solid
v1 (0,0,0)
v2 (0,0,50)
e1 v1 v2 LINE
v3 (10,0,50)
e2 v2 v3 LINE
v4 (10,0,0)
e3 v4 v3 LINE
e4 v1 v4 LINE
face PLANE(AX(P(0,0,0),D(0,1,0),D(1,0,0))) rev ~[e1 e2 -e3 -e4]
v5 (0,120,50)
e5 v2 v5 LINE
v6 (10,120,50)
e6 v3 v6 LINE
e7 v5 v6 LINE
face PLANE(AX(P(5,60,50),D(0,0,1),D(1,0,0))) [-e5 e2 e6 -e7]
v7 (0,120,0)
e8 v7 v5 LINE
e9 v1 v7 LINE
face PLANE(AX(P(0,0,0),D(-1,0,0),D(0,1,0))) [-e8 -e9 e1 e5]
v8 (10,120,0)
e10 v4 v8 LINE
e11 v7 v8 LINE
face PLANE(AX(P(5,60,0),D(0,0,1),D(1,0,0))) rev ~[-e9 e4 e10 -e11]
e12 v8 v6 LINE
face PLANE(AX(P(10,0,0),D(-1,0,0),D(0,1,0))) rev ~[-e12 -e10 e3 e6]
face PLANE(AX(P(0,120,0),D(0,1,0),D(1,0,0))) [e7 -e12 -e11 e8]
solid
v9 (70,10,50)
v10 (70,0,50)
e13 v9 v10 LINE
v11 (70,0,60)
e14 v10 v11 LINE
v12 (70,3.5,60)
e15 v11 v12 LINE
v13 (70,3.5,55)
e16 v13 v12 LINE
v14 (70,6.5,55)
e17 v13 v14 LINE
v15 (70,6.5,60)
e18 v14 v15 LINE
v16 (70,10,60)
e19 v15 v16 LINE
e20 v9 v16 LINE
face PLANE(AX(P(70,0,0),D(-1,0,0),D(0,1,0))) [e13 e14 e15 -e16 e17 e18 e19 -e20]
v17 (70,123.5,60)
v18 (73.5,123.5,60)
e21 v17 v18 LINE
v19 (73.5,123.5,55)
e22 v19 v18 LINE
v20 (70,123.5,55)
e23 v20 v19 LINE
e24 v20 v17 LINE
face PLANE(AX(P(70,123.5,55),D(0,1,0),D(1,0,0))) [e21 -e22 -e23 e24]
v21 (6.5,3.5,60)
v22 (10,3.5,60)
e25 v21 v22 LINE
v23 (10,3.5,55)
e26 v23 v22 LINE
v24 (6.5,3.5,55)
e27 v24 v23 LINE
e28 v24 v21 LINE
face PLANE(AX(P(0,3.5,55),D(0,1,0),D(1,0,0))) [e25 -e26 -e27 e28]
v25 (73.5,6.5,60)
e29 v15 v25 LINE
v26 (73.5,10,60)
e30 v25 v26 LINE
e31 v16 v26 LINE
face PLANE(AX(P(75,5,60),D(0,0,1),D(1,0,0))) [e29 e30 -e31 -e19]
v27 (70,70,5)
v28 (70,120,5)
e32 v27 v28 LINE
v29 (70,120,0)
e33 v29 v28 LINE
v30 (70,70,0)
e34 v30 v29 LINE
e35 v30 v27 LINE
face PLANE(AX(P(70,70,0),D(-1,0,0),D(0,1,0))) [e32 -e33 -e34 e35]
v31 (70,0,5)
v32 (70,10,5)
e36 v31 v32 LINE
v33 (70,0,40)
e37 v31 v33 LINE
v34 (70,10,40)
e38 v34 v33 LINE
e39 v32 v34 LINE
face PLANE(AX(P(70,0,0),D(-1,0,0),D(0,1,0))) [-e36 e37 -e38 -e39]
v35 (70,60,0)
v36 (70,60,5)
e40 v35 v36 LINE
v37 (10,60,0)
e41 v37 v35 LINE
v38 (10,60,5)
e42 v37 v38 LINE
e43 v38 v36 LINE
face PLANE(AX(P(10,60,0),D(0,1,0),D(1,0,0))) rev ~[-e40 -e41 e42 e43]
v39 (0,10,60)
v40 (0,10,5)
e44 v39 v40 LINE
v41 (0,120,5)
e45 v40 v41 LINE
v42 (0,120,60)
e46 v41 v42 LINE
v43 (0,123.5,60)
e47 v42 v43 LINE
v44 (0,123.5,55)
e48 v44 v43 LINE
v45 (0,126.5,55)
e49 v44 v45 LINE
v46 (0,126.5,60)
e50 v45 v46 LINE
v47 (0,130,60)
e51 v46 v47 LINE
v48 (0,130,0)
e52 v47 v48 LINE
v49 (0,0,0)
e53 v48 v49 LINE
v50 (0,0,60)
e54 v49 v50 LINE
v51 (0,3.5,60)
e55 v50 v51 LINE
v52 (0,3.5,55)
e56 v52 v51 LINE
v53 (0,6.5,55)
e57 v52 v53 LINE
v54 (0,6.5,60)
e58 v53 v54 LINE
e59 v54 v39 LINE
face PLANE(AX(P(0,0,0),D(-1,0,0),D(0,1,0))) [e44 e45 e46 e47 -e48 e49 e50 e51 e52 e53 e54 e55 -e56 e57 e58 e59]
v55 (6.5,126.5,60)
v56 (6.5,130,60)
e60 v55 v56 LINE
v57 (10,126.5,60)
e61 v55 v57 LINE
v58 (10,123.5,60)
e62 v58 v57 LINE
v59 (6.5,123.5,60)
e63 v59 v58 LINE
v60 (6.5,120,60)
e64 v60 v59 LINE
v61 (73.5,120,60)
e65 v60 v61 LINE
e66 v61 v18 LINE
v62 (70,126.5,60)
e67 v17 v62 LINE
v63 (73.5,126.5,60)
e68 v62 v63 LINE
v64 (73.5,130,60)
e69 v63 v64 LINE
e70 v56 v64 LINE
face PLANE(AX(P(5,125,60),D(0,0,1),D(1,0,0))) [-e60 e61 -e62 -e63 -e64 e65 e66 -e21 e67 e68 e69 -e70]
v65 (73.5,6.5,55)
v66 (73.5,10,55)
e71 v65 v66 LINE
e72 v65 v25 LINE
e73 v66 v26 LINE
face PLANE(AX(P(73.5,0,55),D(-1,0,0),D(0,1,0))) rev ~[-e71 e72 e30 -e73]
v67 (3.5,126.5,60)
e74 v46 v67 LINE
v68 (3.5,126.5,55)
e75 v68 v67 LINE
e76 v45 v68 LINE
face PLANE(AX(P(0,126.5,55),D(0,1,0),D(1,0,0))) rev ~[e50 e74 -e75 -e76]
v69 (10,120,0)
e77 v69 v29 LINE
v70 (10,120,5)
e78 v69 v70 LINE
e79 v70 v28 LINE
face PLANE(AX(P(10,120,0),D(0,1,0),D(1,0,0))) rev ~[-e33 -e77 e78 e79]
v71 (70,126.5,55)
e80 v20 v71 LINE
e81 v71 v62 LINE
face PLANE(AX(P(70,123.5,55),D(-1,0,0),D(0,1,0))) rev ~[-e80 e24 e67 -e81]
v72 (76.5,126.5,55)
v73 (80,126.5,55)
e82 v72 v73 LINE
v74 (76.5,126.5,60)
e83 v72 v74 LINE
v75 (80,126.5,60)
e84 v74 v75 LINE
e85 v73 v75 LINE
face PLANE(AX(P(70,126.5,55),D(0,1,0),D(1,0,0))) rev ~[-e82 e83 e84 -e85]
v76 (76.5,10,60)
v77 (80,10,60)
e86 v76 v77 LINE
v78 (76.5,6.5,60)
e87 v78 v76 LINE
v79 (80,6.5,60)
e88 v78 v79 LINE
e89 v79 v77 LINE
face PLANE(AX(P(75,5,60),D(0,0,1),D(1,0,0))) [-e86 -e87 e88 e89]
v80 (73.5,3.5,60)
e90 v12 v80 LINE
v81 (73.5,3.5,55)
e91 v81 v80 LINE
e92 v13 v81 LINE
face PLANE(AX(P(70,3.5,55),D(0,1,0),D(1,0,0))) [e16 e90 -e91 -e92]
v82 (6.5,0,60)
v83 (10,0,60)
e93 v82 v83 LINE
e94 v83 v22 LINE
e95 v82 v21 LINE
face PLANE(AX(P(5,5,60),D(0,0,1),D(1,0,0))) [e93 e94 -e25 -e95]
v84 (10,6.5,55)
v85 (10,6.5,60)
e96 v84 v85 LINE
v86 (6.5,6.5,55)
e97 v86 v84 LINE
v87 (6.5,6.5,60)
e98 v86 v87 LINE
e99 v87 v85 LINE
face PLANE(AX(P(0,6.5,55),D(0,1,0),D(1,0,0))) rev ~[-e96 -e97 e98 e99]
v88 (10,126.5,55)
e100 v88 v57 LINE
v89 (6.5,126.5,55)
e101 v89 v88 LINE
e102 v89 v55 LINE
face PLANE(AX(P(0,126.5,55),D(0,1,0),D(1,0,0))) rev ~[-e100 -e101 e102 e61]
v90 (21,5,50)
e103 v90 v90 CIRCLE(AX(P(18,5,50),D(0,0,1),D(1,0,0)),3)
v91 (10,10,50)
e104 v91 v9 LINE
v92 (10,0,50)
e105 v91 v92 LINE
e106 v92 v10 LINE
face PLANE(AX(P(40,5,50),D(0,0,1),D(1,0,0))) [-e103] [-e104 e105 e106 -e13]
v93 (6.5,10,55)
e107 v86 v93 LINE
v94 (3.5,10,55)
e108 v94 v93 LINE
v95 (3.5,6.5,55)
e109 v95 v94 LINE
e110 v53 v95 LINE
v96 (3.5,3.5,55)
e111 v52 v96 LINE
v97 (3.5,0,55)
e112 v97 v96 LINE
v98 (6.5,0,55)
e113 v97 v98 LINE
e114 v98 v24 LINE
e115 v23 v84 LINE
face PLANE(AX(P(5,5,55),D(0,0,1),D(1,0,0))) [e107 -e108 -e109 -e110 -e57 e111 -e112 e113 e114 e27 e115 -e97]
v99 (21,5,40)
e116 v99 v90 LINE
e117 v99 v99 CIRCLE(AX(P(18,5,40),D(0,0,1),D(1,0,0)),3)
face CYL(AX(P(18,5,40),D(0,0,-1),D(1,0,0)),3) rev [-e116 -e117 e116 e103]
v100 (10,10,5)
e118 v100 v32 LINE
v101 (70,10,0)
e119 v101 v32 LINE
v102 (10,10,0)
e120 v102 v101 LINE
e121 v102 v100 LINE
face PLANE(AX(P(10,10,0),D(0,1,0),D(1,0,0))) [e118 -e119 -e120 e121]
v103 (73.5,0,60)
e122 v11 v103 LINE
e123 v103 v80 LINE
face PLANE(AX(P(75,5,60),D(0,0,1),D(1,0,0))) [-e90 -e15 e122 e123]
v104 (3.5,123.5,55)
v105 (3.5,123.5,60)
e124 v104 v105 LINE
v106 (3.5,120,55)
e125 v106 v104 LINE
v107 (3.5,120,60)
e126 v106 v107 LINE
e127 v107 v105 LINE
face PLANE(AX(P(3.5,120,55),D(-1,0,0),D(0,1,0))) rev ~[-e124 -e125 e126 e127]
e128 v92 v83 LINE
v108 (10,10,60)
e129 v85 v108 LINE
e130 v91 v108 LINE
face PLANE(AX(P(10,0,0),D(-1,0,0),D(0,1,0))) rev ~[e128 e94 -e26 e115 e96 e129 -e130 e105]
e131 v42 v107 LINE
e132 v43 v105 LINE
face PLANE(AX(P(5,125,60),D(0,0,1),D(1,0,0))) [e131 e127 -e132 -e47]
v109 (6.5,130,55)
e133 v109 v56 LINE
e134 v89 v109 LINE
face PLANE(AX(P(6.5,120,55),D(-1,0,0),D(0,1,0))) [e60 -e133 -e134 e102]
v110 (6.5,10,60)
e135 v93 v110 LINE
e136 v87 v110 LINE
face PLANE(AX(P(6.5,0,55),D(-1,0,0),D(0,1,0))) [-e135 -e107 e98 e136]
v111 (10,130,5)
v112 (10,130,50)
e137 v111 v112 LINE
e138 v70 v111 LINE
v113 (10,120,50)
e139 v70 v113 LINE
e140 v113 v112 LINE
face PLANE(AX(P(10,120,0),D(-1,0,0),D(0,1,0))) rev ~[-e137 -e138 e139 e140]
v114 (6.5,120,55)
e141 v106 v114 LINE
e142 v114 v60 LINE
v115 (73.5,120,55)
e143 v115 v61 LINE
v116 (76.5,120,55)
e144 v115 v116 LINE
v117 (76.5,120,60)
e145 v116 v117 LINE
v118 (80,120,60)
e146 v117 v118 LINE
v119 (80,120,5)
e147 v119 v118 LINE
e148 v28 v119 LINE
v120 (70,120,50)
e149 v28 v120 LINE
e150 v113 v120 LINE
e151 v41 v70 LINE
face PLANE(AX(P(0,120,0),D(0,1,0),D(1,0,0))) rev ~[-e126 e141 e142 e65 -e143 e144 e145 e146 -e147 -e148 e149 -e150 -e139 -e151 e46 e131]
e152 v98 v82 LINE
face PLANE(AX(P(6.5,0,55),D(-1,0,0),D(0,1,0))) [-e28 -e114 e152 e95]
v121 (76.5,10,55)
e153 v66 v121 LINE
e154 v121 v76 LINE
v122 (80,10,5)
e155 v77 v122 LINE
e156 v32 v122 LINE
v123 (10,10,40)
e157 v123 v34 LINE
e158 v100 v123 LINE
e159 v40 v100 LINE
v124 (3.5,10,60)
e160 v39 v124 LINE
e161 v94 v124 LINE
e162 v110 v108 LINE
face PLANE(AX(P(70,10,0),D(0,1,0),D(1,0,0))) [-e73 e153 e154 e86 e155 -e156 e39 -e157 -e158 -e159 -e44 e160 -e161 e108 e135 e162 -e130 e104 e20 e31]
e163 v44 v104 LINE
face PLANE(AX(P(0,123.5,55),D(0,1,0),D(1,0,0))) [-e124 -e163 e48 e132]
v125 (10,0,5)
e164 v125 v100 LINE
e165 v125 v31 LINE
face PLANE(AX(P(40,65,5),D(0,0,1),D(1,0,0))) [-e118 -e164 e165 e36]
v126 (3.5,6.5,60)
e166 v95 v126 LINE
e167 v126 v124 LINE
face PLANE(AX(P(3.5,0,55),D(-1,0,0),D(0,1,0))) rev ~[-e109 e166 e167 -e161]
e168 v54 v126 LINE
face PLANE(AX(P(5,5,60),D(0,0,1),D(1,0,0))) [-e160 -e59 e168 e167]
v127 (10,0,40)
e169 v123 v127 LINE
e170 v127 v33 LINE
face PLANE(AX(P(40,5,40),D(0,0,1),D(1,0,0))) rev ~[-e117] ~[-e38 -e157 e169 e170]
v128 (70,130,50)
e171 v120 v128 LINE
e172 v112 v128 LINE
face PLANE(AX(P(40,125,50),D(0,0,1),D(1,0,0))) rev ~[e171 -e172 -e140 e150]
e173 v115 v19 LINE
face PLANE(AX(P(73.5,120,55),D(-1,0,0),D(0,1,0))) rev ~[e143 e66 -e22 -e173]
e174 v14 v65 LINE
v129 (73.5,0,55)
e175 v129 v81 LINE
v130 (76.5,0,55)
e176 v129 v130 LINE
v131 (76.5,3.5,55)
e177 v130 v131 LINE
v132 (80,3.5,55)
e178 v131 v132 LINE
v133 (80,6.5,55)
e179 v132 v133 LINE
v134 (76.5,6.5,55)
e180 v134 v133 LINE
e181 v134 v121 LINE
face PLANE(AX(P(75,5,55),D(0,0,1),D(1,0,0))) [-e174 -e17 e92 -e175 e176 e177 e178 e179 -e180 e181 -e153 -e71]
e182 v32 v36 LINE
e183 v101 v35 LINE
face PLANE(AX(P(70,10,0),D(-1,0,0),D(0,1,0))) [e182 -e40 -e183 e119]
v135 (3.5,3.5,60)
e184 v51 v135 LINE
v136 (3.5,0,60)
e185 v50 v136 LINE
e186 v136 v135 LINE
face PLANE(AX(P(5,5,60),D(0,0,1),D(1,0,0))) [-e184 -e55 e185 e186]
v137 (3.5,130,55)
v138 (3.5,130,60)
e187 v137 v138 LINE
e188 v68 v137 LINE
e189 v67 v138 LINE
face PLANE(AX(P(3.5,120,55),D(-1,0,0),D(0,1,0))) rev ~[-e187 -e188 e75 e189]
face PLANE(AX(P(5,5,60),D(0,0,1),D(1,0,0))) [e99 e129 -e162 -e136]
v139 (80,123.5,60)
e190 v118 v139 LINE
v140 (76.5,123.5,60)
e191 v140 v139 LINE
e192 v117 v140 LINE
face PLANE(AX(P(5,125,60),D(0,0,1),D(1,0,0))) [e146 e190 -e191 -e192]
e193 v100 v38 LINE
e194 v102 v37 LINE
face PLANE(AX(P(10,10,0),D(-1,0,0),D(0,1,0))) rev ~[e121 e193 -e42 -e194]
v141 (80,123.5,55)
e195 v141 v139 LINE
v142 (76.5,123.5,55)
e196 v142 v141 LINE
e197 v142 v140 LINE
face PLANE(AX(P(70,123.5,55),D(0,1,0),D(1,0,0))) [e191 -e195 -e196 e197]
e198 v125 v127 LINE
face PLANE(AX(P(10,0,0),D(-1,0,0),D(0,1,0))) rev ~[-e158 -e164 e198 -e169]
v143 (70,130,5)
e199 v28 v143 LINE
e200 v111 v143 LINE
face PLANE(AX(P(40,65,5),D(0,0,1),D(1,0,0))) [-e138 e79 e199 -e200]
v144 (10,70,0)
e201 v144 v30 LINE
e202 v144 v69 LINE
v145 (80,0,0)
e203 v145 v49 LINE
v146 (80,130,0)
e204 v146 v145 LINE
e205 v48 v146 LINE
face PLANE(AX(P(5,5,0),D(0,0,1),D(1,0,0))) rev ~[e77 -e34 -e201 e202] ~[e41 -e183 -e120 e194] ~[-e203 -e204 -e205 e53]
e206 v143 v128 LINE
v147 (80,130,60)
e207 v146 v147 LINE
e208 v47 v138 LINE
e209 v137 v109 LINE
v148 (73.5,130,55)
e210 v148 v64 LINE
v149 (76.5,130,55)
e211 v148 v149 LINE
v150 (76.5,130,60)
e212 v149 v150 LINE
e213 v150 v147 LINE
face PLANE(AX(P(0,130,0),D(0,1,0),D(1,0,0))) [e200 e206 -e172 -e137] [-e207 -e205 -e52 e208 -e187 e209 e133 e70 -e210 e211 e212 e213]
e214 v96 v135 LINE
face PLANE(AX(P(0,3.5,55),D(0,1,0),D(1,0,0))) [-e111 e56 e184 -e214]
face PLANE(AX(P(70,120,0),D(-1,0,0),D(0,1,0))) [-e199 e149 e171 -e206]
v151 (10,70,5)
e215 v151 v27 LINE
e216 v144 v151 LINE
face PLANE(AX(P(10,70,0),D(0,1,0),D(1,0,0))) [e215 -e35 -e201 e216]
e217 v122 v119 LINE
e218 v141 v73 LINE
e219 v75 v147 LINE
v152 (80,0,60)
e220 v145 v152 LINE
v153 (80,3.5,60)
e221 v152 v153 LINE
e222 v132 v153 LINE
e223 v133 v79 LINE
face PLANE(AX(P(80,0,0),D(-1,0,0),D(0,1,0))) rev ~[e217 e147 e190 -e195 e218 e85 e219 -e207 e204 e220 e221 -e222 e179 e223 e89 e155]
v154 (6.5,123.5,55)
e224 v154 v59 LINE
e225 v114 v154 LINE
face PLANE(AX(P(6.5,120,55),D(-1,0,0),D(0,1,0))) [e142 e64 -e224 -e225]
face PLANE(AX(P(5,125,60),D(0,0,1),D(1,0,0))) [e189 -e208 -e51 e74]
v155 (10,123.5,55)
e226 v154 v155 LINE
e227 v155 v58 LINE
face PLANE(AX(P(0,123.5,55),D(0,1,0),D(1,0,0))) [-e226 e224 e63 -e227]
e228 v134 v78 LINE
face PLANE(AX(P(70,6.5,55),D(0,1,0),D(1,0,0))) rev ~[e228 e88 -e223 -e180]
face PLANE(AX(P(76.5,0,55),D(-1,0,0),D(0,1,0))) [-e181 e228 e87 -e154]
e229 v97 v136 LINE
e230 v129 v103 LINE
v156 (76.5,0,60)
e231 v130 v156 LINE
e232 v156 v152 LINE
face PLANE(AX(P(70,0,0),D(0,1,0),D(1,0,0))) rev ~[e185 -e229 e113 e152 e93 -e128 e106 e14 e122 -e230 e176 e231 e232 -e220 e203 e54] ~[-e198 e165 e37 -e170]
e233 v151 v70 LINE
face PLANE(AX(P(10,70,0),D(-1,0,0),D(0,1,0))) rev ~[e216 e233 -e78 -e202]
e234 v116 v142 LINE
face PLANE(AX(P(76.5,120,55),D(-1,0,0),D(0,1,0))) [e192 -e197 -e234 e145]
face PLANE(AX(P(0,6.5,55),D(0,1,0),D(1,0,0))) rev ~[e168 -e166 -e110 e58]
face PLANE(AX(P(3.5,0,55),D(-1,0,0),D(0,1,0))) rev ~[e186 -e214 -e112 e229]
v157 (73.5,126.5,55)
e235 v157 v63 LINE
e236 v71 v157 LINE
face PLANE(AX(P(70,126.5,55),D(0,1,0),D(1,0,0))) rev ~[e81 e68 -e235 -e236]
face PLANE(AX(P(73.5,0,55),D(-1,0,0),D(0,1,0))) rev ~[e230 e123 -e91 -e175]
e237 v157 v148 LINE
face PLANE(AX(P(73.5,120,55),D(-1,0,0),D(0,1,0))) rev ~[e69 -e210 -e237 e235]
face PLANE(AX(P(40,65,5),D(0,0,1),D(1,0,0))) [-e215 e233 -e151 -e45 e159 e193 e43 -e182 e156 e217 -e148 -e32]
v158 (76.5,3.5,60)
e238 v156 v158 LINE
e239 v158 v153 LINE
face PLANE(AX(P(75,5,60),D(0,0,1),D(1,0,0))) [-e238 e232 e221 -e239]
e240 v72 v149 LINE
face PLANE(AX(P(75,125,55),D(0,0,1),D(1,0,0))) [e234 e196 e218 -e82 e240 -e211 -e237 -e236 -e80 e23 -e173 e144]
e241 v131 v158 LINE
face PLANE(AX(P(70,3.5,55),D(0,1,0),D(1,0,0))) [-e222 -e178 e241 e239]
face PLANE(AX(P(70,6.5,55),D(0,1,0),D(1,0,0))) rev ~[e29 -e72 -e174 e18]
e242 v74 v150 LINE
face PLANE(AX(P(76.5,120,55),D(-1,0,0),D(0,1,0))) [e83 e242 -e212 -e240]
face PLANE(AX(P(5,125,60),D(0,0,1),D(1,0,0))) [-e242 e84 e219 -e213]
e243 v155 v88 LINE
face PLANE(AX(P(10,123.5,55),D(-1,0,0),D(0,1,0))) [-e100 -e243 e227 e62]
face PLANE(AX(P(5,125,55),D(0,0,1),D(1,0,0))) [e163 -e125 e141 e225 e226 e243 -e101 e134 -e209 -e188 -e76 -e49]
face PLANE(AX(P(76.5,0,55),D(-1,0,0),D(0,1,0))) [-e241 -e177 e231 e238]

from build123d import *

# Parameters (mm, degrees)
BOX009_W       = 10
BOX009_H       = 120
BOX009_DEPTH   = 50
BOX010_W       = 3
BOX010_H       = 10
BOX010_DEPTH   = 5
BOX011_W       = 10
BOX011_H       = 3
BOX011_DEPTH   = 5
BOX012_W       = 3
BOX012_H       = 10
BOX012_DEPTH   = 5
BOX013_W       = 10
BOX013_H       = 3
BOX013_DEPTH   = 5
BOX014_W       = 3
BOX014_H       = 10
BOX014_DEPTH   = 5
BOX015_W       = 10
BOX015_H       = 3
BOX015_DEPTH   = 5
BOX016_W       = 3
BOX016_H       = 10
BOX016_DEPTH   = 5
BOX017_W       = 10
BOX017_H       = 3
BOX017_DEPTH   = 5
BOX003_W       = 10
BOX003_H       = 10
BOX003_DEPTH   = 60
BOX004_W       = 10
BOX004_H       = 10
BOX004_DEPTH   = 60
BOX005_W       = 10
BOX005_H       = 10
BOX005_DEPTH   = 60
BOX006_W       = 10
BOX006_H       = 10
BOX006_DEPTH   = 60
BOX008_W       = 80
BOX008_H       = 10
BOX008_DEPTH   = 10
BOX001_W       = 60
BOX001_H       = 50
BOX001_DEPTH   = 5
BOX002_W       = 60
BOX002_H       = 50
BOX002_DEPTH   = 5
BOX_W          = 80
BOX_H          = 130
BOX_DEPTH      = 5
CYLINDER_R     = 3
CYLINDER_DEPTH = 10
BOX007_W       = 80
BOX007_H       = 10
BOX007_DEPTH   = 10


with BuildPart() as cube009:
    # Box009 → Box009 (new body)
    with BuildSketch(Plane.XY):
        with Locations((5, 60)):
            Rectangle(BOX009_W, BOX009_H)
    extrude(amount=BOX009_DEPTH)


with BuildPart() as cube010:
    # Box010 → Box010 (new body)
    with BuildSketch(Plane(origin=(3.5, 0, 55), x_dir=(1, 0, 0), z_dir=(0, 0, 1))):
        with Locations((1.5, 5)):
            Rectangle(BOX010_W, BOX010_H)
    extrude(amount=BOX010_DEPTH)


with BuildPart() as fusion001:
    # Box011 → Box011 (new body)
    with BuildSketch(Plane(origin=(0, 3.5, 55), x_dir=(1, 0, 0), z_dir=(0, 0, 1))):
        with Locations((5, 1.5)):
            Rectangle(BOX011_W, BOX011_H)
    extrude(amount=BOX011_DEPTH)

    # Fusion001: union Cube010
    add(cube010.part)


with BuildPart() as cube012:
    # Box012 → Box012 (new body)
    with BuildSketch(Plane(origin=(3.5, 0, 55), x_dir=(1, 0, 0), z_dir=(0, 0, 1))):
        with Locations((1.5, 5)):
            Rectangle(BOX012_W, BOX012_H)
    extrude(amount=BOX012_DEPTH)


with BuildPart() as fusion002:
    # Box013 → Box013 (new body)
    with BuildSketch(Plane(origin=(0, 3.5, 55), x_dir=(1, 0, 0), z_dir=(0, 0, 1))):
        with Locations((5, 1.5)):
            Rectangle(BOX013_W, BOX013_H)
    extrude(amount=BOX013_DEPTH)

    # Fusion002: union Cube012
    add(cube012.part)


with BuildPart() as fusion002_1:
    # Fusion002 placement: moved
    add(fusion002.part.moved(Location((0, 120, 0))))


with BuildPart() as cube014:
    # Box014 → Box014 (new body)
    with BuildSketch(Plane(origin=(3.5, 0, 55), x_dir=(1, 0, 0), z_dir=(0, 0, 1))):
        with Locations((1.5, 5)):
            Rectangle(BOX014_W, BOX014_H)
    extrude(amount=BOX014_DEPTH)


with BuildPart() as fusion003:
    # Box015 → Box015 (new body)
    with BuildSketch(Plane(origin=(0, 3.5, 55), x_dir=(1, 0, 0), z_dir=(0, 0, 1))):
        with Locations((5, 1.5)):
            Rectangle(BOX015_W, BOX015_H)
    extrude(amount=BOX015_DEPTH)

    # Fusion003: union Cube014
    add(cube014.part)


with BuildPart() as fusion003_1:
    # Fusion003 placement: moved
    add(fusion003.part.moved(Location((70, 0, 0))))


with BuildPart() as cube016:
    # Box016 → Box016 (new body)
    with BuildSketch(Plane(origin=(3.5, 0, 55), x_dir=(1, 0, 0), z_dir=(0, 0, 1))):
        with Locations((1.5, 5)):
            Rectangle(BOX016_W, BOX016_H)
    extrude(amount=BOX016_DEPTH)


with BuildPart() as fusion005:
    # Box017 → Box017 (new body)
    with BuildSketch(Plane(origin=(0, 3.5, 55), x_dir=(1, 0, 0), z_dir=(0, 0, 1))):
        with Locations((5, 1.5)):
            Rectangle(BOX017_W, BOX017_H)
    extrude(amount=BOX017_DEPTH)

    # Fusion004: union Cube016
    add(cube016.part)


with BuildPart() as fusion005_1:
    # Fusion004 placement: moved
    add(fusion005.part.moved(Location((70, 120, 0))))

    # Fusion005: union Fusion001, Fusion002, Fusion003
    add(fusion001.part)
    add(fusion002_1.part)
    add(fusion003_1.part)


with BuildPart() as cube003:
    # Box003 → Box003 (new body)
    with BuildSketch(Plane.XY):
        with Locations((5, 5)):
            Rectangle(BOX003_W, BOX003_H)
    extrude(amount=BOX003_DEPTH)


with BuildPart() as cube004:
    # Box004 → Box004 (new body)
    with BuildSketch(Plane(origin=(0, 120, 0), x_dir=(1, 0, 0), z_dir=(0, 0, 1))):
        with Locations((5, 5)):
            Rectangle(BOX004_W, BOX004_H)
    extrude(amount=BOX004_DEPTH)


with BuildPart() as cube005:
    # Box005 → Box005 (new body)
    with BuildSketch(Plane(origin=(70, 120, 0), x_dir=(1, 0, 0), z_dir=(0, 0, 1))):
        with Locations((5, 5)):
            Rectangle(BOX005_W, BOX005_H)
    extrude(amount=BOX005_DEPTH)


with BuildPart() as cube006:
    # Box006 → Box006 (new body)
    with BuildSketch(Plane(origin=(70, 0, 0), x_dir=(1, 0, 0), z_dir=(0, 0, 1))):
        with Locations((5, 5)):
            Rectangle(BOX006_W, BOX006_H)
    extrude(amount=BOX006_DEPTH)


with BuildPart() as cube008:
    # Box008 → Box008 (new body)
    with BuildSketch(Plane(origin=(0, 120, 50), x_dir=(1, 0, 0), z_dir=(0, 0, 1))):
        with Locations((40, 5)):
            Rectangle(BOX008_W, BOX008_H)
    extrude(amount=BOX008_DEPTH)


with BuildPart() as cube001:
    # Box001 → Box001 (new body)
    with BuildSketch(Plane(origin=(10, 10, 0), x_dir=(1, 0, 0), z_dir=(0, 0, 1))):
        with Locations((30, 25)):
            Rectangle(BOX001_W, BOX001_H)
    extrude(amount=BOX001_DEPTH)


with BuildPart() as fusion:
    # Box002 → Box002 (new body)
    with BuildSketch(Plane(origin=(10, 70, 0), x_dir=(1, 0, 0), z_dir=(0, 0, 1))):
        with Locations((30, 25)):
            Rectangle(BOX002_W, BOX002_H)
    extrude(amount=BOX002_DEPTH)

    # Fusion: union Cube001
    add(cube001.part)


with BuildPart() as cut:
    # Box → Box (new body)
    with BuildSketch(Plane.XY):
        with Locations((40, 65)):
            Rectangle(BOX_W, BOX_H)
    extrude(amount=BOX_DEPTH)

    # Cut: cut Fusion
    add(fusion.part, mode=Mode.SUBTRACT)


with BuildPart() as cylinder:
    # Cylinder → Cylinder (new body)
    with BuildSketch(Plane(origin=(18, 5, 50), x_dir=(1, 0, 0), z_dir=(0, 0, 1))):
        Circle(CYLINDER_R)
    extrude(amount=CYLINDER_DEPTH)


with BuildPart() as cut002:
    # Box007 → Box007 (new body)
    with BuildSketch(Plane.XY.offset(50)):
        with Locations((40, 5)):
            Rectangle(BOX007_W, BOX007_H)
    extrude(amount=BOX007_DEPTH)

    # Cut001: cut Cylinder
    add(cylinder.part, mode=Mode.SUBTRACT)


with BuildPart() as cut002_1:
    # Cut001 placement: moved
    add(cut002.part.moved(Location((0, 0, -10))))

    # Fusion006: union Cube003, Cube004, Cube005, Cube006, Cube008, Cut
    add(cube003.part)
    add(cube004.part)
    add(cube005.part)
    add(cube006.part)
    add(cube008.part)
    add(cut.part)

    # Cut002: cut Fusion005
    add(fusion005_1.part, mode=Mode.SUBTRACT)


solid = Compound([cube009.part, cut002_1.part])
